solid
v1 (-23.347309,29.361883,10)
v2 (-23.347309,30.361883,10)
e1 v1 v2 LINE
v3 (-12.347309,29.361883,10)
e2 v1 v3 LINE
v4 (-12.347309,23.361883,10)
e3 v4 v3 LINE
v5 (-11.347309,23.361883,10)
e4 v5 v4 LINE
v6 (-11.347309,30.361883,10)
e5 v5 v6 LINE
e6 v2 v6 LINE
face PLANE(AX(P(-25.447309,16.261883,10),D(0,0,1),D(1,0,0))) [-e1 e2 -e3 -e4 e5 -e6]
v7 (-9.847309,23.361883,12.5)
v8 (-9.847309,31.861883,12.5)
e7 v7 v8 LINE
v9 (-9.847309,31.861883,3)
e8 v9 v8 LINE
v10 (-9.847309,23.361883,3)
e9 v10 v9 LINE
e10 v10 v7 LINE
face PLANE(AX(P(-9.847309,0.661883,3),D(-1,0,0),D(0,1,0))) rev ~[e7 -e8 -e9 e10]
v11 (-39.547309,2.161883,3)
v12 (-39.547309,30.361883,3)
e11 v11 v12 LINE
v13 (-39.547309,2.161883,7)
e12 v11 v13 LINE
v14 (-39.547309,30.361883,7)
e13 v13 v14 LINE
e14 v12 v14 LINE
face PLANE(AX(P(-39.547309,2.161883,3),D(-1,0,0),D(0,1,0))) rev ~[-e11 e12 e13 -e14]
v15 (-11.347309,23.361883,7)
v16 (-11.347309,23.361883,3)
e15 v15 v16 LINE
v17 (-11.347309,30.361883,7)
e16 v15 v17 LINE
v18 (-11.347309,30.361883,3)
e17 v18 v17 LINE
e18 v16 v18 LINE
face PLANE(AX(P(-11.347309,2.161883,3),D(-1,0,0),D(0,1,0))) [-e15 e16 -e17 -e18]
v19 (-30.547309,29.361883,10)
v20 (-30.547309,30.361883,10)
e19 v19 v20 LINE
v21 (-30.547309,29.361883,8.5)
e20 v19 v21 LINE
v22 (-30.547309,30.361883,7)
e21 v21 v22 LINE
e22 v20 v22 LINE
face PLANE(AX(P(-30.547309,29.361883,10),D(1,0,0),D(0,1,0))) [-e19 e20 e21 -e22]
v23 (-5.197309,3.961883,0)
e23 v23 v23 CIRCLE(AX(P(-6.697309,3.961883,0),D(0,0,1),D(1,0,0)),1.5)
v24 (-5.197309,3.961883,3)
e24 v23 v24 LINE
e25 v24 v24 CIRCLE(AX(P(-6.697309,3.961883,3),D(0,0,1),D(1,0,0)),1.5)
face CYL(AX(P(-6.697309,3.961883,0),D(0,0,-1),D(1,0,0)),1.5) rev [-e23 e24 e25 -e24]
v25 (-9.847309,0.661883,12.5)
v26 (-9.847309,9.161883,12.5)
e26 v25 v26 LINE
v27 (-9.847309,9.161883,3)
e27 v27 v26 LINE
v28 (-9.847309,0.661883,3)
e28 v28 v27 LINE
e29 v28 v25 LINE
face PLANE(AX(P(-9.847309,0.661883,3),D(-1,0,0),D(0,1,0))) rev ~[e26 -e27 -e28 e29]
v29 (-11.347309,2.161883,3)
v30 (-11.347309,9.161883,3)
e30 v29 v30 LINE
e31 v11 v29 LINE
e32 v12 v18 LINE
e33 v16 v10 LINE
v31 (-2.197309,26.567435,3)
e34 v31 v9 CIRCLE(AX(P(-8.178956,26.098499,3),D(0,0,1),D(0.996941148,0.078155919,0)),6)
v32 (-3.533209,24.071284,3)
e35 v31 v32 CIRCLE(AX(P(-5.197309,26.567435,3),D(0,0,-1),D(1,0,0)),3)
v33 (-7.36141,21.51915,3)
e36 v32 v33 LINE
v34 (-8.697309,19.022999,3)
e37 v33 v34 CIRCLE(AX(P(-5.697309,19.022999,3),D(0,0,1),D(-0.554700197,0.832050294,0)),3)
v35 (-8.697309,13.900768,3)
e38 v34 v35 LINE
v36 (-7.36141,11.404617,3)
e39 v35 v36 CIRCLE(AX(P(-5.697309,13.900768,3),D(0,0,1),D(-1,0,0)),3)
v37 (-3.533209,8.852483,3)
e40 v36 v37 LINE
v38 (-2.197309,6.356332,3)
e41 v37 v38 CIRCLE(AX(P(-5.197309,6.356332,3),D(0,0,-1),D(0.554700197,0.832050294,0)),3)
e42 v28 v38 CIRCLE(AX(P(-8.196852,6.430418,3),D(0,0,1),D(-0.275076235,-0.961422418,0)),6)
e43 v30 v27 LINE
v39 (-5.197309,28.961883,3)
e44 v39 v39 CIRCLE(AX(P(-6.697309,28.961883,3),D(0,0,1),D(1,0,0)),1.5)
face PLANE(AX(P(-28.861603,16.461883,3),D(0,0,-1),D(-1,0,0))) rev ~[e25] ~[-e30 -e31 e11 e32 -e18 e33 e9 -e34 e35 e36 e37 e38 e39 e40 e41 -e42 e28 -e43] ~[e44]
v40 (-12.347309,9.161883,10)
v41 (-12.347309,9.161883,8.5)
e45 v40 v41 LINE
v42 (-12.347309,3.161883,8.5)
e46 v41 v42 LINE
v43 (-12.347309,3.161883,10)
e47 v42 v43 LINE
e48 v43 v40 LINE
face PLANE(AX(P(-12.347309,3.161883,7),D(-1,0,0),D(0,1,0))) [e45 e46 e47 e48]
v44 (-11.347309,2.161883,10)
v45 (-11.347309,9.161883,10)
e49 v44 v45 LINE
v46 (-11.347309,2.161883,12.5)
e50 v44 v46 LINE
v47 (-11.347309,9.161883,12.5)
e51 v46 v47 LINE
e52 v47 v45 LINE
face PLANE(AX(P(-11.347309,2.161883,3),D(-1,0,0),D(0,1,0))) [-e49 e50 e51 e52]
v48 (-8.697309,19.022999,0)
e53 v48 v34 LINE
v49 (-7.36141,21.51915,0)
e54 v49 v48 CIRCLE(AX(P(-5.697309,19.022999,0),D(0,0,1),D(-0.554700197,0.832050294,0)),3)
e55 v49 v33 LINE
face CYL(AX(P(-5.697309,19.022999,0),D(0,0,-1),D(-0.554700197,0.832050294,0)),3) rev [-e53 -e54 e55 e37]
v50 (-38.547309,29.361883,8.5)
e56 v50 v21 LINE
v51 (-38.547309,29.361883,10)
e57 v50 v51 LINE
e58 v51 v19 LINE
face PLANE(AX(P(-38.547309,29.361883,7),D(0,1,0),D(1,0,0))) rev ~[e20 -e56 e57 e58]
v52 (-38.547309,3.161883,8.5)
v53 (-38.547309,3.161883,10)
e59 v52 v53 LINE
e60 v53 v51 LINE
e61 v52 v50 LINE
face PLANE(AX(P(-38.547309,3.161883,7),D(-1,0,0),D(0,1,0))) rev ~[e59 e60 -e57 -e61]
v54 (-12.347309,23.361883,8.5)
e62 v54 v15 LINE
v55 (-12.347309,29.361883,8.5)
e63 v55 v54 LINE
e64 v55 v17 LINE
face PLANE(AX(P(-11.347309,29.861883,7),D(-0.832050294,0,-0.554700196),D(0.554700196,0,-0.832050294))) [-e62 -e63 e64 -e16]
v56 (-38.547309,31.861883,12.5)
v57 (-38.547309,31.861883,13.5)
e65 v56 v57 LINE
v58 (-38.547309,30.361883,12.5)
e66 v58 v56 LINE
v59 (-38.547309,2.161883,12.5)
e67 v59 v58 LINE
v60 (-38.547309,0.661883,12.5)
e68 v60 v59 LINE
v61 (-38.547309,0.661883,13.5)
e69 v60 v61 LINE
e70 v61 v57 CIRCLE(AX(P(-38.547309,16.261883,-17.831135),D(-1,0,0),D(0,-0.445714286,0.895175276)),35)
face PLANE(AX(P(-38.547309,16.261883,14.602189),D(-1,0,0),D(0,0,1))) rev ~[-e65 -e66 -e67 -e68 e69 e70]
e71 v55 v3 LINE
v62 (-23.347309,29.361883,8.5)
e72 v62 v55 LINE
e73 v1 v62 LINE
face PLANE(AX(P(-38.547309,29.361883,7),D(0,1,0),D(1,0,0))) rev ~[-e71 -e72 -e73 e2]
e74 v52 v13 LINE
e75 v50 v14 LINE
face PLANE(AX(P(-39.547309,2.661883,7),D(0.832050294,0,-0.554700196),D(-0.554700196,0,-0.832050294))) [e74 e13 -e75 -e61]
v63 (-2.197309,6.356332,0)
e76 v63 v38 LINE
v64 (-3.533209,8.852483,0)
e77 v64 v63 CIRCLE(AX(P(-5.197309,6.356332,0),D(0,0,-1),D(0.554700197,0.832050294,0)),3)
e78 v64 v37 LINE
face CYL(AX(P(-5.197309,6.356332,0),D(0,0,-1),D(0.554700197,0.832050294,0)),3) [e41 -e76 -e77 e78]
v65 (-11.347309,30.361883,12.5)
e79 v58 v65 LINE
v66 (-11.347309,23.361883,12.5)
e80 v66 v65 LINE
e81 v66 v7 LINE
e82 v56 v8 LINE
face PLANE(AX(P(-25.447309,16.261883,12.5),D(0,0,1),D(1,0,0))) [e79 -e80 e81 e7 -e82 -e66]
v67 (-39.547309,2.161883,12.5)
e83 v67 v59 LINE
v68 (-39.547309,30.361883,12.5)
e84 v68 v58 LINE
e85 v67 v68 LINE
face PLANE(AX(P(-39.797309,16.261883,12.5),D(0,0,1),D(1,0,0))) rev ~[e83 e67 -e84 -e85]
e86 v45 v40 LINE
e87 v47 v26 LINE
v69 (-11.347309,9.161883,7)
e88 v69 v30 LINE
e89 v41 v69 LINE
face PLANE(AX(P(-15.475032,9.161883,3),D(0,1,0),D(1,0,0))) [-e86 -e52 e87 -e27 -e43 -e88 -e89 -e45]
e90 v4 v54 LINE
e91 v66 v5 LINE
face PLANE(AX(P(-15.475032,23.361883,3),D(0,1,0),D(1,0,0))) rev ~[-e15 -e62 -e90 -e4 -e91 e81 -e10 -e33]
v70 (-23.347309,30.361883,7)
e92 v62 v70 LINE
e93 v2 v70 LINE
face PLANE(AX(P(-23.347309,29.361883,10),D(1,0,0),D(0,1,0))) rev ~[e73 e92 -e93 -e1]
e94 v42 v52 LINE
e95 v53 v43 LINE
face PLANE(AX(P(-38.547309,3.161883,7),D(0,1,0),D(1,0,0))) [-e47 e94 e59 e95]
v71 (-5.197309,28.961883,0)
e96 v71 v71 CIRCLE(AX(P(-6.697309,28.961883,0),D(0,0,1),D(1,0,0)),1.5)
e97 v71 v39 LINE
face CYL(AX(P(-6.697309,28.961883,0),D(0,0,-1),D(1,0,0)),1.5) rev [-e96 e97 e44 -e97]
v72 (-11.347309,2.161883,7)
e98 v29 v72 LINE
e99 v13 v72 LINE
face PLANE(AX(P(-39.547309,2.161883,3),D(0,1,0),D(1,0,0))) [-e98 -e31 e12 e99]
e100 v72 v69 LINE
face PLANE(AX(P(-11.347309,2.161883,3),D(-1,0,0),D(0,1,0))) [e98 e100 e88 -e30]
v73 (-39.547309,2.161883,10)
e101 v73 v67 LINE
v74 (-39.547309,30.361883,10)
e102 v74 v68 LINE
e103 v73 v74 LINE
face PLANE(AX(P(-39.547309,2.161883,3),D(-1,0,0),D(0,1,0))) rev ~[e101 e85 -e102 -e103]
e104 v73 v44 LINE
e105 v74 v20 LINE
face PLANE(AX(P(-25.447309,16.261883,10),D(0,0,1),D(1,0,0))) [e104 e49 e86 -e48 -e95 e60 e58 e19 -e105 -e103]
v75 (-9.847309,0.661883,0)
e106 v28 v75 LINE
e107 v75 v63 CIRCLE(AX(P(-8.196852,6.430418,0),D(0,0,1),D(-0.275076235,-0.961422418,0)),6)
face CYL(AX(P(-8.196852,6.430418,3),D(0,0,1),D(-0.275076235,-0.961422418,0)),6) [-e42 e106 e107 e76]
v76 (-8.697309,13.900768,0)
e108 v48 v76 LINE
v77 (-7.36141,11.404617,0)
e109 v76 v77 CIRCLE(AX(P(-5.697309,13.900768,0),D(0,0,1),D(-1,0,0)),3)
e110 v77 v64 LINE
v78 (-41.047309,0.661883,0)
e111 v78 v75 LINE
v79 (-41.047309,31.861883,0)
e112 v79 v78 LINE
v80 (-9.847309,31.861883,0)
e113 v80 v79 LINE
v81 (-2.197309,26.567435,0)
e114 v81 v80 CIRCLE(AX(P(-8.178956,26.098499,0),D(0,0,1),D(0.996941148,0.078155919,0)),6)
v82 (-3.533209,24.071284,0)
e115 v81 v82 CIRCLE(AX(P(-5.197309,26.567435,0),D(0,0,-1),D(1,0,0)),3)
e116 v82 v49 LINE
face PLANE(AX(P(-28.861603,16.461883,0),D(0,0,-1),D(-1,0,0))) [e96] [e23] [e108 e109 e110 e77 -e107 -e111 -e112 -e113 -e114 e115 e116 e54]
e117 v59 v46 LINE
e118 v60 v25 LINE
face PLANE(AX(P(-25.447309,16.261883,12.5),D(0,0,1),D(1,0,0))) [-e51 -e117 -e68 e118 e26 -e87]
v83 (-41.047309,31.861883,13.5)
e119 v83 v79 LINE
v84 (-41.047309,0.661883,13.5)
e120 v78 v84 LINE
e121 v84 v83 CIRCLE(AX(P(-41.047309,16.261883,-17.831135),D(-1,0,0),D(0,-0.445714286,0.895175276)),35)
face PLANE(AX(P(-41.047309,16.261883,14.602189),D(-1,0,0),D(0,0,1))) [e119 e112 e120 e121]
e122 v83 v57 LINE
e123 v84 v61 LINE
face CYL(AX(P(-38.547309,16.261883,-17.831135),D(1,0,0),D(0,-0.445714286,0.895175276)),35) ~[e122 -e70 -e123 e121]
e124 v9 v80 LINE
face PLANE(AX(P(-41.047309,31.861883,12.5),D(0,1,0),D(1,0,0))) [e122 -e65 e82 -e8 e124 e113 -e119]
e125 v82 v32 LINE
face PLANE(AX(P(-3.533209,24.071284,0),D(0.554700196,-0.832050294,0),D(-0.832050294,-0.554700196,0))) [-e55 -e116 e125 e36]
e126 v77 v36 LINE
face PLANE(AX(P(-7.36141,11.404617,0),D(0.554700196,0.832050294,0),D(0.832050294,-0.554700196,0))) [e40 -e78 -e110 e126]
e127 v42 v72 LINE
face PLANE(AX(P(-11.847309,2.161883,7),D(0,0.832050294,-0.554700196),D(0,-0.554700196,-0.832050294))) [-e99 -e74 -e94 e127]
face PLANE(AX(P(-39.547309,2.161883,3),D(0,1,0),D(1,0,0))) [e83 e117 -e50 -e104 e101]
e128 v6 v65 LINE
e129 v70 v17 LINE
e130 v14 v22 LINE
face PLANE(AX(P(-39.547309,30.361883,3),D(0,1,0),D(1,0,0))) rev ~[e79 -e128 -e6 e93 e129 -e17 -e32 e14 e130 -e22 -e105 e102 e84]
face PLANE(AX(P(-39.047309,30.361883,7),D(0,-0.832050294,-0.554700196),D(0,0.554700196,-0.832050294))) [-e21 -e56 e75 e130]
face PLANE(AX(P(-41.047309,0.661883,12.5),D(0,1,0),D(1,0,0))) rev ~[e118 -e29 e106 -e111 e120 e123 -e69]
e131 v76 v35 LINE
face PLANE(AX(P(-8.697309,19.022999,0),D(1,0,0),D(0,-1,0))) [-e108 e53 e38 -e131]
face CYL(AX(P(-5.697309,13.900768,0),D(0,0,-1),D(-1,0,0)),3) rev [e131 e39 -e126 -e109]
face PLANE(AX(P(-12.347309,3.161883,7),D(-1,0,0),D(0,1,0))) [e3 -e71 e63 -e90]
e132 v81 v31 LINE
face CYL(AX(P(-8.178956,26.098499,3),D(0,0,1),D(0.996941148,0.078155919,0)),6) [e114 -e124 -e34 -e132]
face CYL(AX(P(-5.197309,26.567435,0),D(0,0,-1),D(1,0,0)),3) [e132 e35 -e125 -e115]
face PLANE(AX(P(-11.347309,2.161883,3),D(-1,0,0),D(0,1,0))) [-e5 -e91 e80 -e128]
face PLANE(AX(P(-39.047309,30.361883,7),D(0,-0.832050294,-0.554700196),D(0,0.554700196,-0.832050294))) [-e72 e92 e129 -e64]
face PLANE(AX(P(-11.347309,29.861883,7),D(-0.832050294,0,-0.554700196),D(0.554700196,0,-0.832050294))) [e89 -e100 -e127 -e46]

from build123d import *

# Parameters (mm, degrees)
CROQUIS1_R              = 1.5
SALIENTE_EXTRUIR1_DEPTH = 3
CROQUIS2_W              = 31.2
CROQUIS2_H              = 31.2
CROQUIS2_W_2            = 28.2
CROQUIS2_H_2            = 28.2
SALIENTE_EXTRUIR2_DEPTH = 9.5
CROQUIS4_W              = 28.2
CROQUIS4_H              = 28.2
CROQUIS4_W_2            = 26.2
CROQUIS4_H_2            = 26.2
SALIENTE_EXTRUIR3_DEPTH = 3
CORTAR_EXTRUIR1_REACH   = 69.732
CROQUIS8_W              = 7.2
CROQUIS8_H              = 1
CORTAR_EXTRUIR2_START   = -9.5
CROQUIS9_W              = 5.627722912
CROQUIS9_H              = 14.2
CORTAR_EXTRUIR2_DEPTH   = 9.5
CROQUIS10_W             = 2.5
CROQUIS10_H             = 31.2
SALIENTE_EXTRUIR4_DEPTH = 1
CORTAR_EXTRUIR3_DEPTH   = 3
SALIENTE_EXTRUIR5_START = -2.5
SALIENTE_EXTRUIR5_DEPTH = 2.5


with BuildPart() as part:
    # Croquis1 → Saliente-Extruir1 (new body)
    with BuildSketch(Plane.XY):
        with BuildLine():
            Line((-52.197309417, 4.461883408), (-50.197309417, 4.461883408))
            Line((-50.197309417, 4.461883408), (-44.197309417, 8.461883408))
            Line((-44.197309417, 8.461883408), (-44.197309417, 24.461883408))
            Line((-44.197309417, 24.461883408), (-50.197309417, 28.461883408))
            Line((-50.197309417, 28.461883408), (-52.197309417, 28.461883408))
            ThreePointArc((-52.197309417, 28.461883408), (-56.197309417, 32.461883408), (-52.197309417, 36.461883408))
            Line((-52.197309417, 36.461883408), (-5.197309417, 36.461883408))
            ThreePointArc((-5.197309417, 36.461883408), (-3.075989073, 35.583203752), (-2.197309417, 33.461883408))
            Line((-2.197309417, 33.461883408), (-2.197309417, 26.567434684))
            ThreePointArc((-2.197309417, 26.567434684), (-2.552285621, 25.151860907), (-3.533208828, 24.071283801))
            Line((-3.533208828, 24.071283801), (-7.361410006, 21.519149682))
            ThreePointArc((-7.361410006, 21.519149682), (-8.342333213, 20.438572576), (-8.697309417, 19.022998799))
            Line((-8.697309417, 19.022998799), (-8.697309417, 13.900768017))
            ThreePointArc((-8.697309417, 13.900768017), (-8.342333213, 12.48519424), (-7.361410006, 11.404617134))
            Line((-7.361410006, 11.404617134), (-3.533208828, 8.852483016))
            ThreePointArc((-3.533208828, 8.852483016), (-2.552285621, 7.771905909), (-2.197309417, 6.356332133))
            Line((-2.197309417, 6.356332133), (-2.197309417, -0.538116592))
            ThreePointArc((-2.197309417, -0.538116592), (-3.075989073, -2.659436935), (-5.197309417, -3.538116592))
            Line((-5.197309417, -3.538116592), (-52.197309417, -3.538116592))
            ThreePointArc((-52.197309417, -3.538116592), (-56.197309417, 0.461883408), (-52.197309417, 4.461883408))
        make_face()
        with Locations((-6.697309417, 28.961883408)):
            Circle(CROQUIS1_R, mode=Mode.SUBTRACT)
        with Locations((-52.197309417, 0.461883408)):
            Circle(CROQUIS1_R, mode=Mode.SUBTRACT)
        with Locations((-6.697309417, 3.961883408)):
            Circle(CROQUIS1_R, mode=Mode.SUBTRACT)
        with Locations((-52.197309417, 32.461883408)):
            Circle(CROQUIS1_R, mode=Mode.SUBTRACT)
    extrude(amount=SALIENTE_EXTRUIR1_DEPTH)

    # Croquis2 → Saliente-Extruir2 (add)
    with BuildSketch(Plane.XY.offset(3)):
        with Locations((-25.447309417, 16.261883408)):
            Rectangle(CROQUIS2_W, CROQUIS2_H)
        with Locations((-25.447309417, 16.261883408)):
            Rectangle(CROQUIS2_W_2, CROQUIS2_H_2, mode=Mode.SUBTRACT)
    extrude(amount=SALIENTE_EXTRUIR2_DEPTH)

    # Croquis4 → Saliente-Extruir3 (add)
    with BuildSketch(Plane.XY.offset(7)):
        with Locations((-25.447309417, 16.261883408)):
            Rectangle(CROQUIS4_W, CROQUIS4_H)
        with Locations((-25.447309417, 16.261883408)):
            Rectangle(CROQUIS4_W_2, CROQUIS4_H_2, mode=Mode.SUBTRACT)
    extrude(amount=SALIENTE_EXTRUIR3_DEPTH)

    # Cortar-Barrer1: sweep along a path in Croquis7
    with BuildLine(Plane.XY.offset(10)) as cortar_barrer1_path:
        Line((-39.047309417, 29.861883408), (-11.847309417, 29.861883408))
        Line((-11.847309417, 29.861883408), (-11.847309417, 2.661883408))
        Line((-11.847309417, 2.661883408), (-39.047309417, 2.661883408))
        Line((-39.047309417, 2.661883408), (-39.047309417, 29.861883408))
    # Croquis6 → Cortar-Barrer1 (sweep, cut)
    with BuildSketch(Plane(origin=(0, 3.161883408, 0), x_dir=(-1, 0, 0), z_dir=(0, -1, 0))):
        Polygon((38.547309417, -8.5), (38.547309417, -7), (39.547309417, -7), align=None)
    sweep(path=cortar_barrer1_path.line, transition=Transition.RIGHT, mode=Mode.SUBTRACT)

    # Cortar-Extruir1: up to this plane
    cortar_extruir1_end = Plane(origin=(-39.697309417, 30.361883408, 7), z_dir=(0, -0.8320502943378436, -0.5547001962252293))
    # Croquis8 → Cortar-Extruir1 (cut, up to the surface)
    with BuildSketch(Plane.XY.offset(10), mode=Mode.PRIVATE) as cortar_extruir1_sk1:
        with Locations((-26.947309417, 29.861883408)):
            Rectangle(CROQUIS8_W, CROQUIS8_H)
    cortar_extruir1_tool1 = split(extrude(cortar_extruir1_sk1.sketch, amount=-CORTAR_EXTRUIR1_REACH, mode=Mode.PRIVATE), bisect_by=cortar_extruir1_end, keep=Keep.BOTH, mode=Mode.PRIVATE)
    add(cortar_extruir1_tool1.solids().sort_by_distance((-26.947309, 29.861883, 10))[0], mode=Mode.SUBTRACT)

    # Croquis9 → Cortar-Extruir2 (cut)
    with BuildSketch(Plane.XY.offset(12.5).offset(CORTAR_EXTRUIR2_START)):
        with Locations((-12.661170873, 16.261883408)):
            Rectangle(CROQUIS9_W, CROQUIS9_H)
    extrude(amount=CORTAR_EXTRUIR2_DEPTH, mode=Mode.SUBTRACT)

    # Croquis10 → Saliente-Extruir4 (add)
    with BuildSketch(Plane.XY.offset(12.5)):
        with Locations((-39.797309417, 16.261883408)):
            Rectangle(CROQUIS10_W, CROQUIS10_H)
    extrude(amount=SALIENTE_EXTRUIR4_DEPTH)

    # Croquis12 → Cortar-Extruir3 (cut)
    with BuildSketch(Plane.XY.offset(3)):
        with BuildLine():
            Line((-9.847309417, 31.861883408), (-41.047309417, 31.861883408))
            Line((-41.047309417, 31.861883408), (-41.047309417, 0.661883408))
            Line((-41.047309417, 0.661883408), (-9.847309417, 0.661883408))
            ThreePointArc((-9.847309417, 0.661883408), (-4.614210238, 1.617448149), (-2.197309417, 6.356332133))
            Line((-2.197309417, 6.356332133), (-2.197309417, -17.8731401))
            Line((-2.197309417, -17.8731401), (-65.359464881, -17.8731401))
            Line((-65.359464881, -17.8731401), (-65.359464881, 40.399106007))
            Line((-65.359464881, 40.399106007), (-2.197309417, 40.399106007))
            Line((-2.197309417, 40.399106007), (-2.197309417, 26.567434684))
            ThreePointArc((-2.197309417, 26.567434684), (-4.764439849, 31.03216691), (-9.847309417, 31.861883408))
        make_face()
    extrude(amount=-CORTAR_EXTRUIR3_DEPTH, mode=Mode.SUBTRACT)

    # Croquis13 → Saliente-Extruir5 (add)
    with BuildSketch(Plane.ZY.offset(41.047309417).offset(SALIENTE_EXTRUIR5_START)):
        with BuildLine():
            Line((13.5, 31.861883408), (13.5, 0.661883408))
            ThreePointArc((13.5, 0.661883408), (17.168865325, 16.261883408), (13.5, 31.861883408))
        make_face()
    extrude(amount=SALIENTE_EXTRUIR5_DEPTH)


solid = part.part
